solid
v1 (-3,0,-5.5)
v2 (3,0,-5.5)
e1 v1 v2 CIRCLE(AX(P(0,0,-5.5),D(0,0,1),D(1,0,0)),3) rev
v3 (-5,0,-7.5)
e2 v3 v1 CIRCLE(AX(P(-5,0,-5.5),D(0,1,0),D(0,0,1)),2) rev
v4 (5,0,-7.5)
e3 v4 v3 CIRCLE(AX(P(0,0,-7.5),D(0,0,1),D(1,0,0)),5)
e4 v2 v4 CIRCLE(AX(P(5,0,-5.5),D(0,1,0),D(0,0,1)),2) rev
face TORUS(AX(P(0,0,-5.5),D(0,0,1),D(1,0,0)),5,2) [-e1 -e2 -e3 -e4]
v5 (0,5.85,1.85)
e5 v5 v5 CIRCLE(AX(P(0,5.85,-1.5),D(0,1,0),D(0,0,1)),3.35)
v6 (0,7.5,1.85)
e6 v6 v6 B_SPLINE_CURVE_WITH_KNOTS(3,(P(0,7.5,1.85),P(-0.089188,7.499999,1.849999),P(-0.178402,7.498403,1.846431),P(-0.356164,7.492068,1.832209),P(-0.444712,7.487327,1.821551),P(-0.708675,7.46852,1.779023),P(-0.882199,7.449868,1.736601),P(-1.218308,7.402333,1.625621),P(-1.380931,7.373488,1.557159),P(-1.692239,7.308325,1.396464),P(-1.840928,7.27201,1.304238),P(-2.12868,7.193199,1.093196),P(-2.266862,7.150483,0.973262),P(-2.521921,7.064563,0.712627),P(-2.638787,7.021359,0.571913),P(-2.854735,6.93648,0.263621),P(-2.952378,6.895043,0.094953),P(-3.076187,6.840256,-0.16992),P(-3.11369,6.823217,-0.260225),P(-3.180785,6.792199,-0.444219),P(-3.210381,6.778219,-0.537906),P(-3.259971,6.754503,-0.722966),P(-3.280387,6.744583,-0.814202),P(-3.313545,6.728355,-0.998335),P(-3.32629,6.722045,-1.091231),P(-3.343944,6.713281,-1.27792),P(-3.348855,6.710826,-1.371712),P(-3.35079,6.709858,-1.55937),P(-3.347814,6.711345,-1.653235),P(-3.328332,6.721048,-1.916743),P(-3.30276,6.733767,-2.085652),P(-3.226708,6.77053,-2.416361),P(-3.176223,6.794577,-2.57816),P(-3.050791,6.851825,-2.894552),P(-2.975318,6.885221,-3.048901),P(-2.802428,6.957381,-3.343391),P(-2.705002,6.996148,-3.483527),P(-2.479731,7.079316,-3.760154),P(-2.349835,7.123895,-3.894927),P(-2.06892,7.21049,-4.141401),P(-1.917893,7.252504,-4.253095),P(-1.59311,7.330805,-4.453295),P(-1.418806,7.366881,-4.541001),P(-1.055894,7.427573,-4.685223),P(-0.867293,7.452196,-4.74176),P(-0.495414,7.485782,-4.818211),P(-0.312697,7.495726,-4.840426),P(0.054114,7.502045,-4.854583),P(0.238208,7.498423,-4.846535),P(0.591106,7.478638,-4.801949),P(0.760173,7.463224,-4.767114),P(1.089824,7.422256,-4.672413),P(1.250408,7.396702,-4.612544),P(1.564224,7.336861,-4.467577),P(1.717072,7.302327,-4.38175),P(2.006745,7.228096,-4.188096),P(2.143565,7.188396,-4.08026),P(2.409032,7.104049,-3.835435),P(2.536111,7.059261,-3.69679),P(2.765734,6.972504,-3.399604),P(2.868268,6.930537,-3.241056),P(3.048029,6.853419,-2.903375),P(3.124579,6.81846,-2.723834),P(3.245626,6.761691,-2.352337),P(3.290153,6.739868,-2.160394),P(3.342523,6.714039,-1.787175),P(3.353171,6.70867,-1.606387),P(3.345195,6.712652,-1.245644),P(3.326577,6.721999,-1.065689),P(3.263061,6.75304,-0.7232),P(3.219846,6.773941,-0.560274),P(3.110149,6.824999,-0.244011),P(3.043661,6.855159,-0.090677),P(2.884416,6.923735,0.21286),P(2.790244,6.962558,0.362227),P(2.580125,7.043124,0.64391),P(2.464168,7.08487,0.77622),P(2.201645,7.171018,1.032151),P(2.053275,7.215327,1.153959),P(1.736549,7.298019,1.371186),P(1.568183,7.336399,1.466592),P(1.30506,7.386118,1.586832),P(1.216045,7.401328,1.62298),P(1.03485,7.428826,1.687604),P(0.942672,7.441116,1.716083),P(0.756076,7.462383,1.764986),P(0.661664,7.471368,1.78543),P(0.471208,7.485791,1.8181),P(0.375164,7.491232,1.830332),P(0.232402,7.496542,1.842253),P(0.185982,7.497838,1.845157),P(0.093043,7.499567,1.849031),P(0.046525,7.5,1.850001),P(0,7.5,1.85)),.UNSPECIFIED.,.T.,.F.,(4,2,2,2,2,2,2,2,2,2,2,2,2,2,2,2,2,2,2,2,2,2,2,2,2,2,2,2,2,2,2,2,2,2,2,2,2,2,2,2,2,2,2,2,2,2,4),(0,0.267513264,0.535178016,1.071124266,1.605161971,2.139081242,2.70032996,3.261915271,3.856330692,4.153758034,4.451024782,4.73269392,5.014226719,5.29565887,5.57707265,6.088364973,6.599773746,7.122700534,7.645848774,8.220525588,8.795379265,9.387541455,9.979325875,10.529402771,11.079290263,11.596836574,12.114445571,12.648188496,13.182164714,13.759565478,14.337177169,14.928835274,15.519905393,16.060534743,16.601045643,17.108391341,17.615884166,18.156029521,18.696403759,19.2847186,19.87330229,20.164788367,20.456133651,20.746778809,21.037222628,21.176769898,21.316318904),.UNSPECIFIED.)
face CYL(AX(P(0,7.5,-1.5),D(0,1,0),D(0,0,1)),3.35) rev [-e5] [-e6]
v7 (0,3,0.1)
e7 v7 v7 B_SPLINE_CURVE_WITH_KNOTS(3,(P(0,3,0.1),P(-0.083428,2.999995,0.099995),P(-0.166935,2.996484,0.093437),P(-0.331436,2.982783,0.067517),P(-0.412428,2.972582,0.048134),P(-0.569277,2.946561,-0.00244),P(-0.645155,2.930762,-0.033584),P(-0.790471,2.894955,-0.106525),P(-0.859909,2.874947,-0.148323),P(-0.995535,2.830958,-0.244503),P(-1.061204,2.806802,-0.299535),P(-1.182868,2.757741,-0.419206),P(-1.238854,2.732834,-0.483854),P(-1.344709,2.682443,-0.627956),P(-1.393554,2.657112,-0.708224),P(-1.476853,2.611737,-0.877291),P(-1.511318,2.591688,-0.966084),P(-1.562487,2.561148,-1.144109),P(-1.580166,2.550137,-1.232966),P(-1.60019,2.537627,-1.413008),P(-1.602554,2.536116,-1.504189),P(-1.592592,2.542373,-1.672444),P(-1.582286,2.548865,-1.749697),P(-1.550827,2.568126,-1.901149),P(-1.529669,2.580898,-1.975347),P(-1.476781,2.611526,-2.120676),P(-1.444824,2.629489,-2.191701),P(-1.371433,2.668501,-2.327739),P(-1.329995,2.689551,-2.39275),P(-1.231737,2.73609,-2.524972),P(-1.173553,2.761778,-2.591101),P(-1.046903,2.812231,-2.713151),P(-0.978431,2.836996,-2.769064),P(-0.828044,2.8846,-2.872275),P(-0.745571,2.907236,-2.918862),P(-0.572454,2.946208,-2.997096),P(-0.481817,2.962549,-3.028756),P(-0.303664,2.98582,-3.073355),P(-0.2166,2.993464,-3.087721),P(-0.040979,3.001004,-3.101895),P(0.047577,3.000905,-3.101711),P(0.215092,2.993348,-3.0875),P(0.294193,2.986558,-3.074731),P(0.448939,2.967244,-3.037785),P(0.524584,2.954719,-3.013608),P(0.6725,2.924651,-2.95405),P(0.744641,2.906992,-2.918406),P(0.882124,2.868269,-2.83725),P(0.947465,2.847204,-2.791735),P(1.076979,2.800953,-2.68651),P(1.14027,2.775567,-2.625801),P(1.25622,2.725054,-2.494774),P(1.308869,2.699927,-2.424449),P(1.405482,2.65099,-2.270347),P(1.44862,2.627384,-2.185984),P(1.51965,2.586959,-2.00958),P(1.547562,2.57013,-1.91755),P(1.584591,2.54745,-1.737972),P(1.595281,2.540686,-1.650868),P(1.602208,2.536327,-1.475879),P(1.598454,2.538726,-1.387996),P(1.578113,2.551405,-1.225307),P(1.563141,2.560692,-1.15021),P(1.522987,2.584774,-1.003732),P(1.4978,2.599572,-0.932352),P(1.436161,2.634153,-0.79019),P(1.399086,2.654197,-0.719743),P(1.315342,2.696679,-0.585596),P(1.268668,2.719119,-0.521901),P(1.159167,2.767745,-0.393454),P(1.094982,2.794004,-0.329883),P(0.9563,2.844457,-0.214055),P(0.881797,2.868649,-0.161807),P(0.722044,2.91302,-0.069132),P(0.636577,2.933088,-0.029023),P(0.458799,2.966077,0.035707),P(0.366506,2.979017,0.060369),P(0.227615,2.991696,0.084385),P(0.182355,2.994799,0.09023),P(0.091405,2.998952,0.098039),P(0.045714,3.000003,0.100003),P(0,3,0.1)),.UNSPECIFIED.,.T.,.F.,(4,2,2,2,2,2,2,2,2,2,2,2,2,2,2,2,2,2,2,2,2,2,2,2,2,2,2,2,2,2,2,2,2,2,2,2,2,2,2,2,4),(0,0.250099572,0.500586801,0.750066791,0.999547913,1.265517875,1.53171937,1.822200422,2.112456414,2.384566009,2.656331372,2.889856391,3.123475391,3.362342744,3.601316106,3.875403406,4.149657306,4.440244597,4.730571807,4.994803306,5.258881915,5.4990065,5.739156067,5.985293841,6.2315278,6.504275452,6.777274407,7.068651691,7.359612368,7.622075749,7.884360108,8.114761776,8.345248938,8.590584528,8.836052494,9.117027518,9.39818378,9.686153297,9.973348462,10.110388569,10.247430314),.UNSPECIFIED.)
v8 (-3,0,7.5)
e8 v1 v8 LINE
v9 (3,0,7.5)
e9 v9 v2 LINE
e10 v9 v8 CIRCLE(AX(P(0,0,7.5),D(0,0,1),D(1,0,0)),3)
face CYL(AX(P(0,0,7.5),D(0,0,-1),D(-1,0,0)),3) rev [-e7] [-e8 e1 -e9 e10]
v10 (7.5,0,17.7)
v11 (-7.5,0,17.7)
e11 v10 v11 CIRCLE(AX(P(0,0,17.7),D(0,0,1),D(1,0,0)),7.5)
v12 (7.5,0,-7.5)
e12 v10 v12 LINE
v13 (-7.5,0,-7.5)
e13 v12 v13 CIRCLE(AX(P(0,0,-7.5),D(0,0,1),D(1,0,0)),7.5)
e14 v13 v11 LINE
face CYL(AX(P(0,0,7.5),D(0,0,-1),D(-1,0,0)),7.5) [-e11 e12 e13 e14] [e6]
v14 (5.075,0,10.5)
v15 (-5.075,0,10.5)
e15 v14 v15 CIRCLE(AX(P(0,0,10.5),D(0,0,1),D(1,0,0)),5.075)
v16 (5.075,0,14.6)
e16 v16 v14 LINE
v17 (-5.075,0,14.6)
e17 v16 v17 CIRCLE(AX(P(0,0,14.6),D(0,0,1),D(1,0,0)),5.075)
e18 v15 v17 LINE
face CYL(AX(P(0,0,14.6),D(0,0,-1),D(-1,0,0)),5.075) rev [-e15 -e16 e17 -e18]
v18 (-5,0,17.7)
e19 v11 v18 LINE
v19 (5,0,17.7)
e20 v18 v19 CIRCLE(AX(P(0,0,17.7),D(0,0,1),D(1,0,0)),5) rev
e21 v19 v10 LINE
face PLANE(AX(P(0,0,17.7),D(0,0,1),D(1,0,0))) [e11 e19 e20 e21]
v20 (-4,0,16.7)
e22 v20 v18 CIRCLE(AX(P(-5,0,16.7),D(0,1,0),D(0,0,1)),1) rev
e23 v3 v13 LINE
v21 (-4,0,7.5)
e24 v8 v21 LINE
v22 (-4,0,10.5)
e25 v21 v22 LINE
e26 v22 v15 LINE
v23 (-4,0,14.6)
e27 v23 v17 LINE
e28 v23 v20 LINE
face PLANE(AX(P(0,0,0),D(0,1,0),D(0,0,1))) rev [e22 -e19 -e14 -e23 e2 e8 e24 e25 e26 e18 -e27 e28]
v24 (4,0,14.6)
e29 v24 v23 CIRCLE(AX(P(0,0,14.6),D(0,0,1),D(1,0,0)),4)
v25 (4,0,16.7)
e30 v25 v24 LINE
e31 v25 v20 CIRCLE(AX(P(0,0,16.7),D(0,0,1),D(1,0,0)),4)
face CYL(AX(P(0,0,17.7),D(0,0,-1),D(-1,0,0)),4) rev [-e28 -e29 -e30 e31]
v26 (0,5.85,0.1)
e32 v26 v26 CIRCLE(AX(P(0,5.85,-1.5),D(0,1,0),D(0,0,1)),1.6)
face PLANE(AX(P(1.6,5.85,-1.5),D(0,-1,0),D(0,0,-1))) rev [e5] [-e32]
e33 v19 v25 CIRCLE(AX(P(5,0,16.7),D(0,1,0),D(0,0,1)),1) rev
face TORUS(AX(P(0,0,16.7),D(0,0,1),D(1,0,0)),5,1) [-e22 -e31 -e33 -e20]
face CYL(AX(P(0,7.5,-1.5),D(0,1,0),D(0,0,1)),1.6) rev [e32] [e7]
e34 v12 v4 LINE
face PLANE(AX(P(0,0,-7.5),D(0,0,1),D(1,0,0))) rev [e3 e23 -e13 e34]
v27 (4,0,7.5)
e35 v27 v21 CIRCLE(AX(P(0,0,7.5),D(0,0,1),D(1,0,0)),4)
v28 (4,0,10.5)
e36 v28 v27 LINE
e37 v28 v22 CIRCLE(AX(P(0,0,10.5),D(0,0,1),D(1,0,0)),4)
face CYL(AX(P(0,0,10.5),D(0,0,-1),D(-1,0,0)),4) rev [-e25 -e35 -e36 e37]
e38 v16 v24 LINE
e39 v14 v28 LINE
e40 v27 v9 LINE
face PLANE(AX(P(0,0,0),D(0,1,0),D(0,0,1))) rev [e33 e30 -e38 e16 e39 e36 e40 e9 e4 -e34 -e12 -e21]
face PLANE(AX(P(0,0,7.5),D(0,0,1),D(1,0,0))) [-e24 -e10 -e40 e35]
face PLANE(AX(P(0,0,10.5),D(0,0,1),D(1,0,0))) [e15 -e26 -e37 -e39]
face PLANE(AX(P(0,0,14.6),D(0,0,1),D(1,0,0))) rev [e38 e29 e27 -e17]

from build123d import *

# Parameters (mm, degrees)
SKETCH1_R                       = 7.5
SKETCH1_R_2                     = 3
BOSS_EXTRUDE1_DEPTH             = 7.5
SKETCH2_R                       = 7.5
SKETCH2_R_2                     = 3
BOSS_EXTRUDE2_DEPTH             = 1
SKETCH3_R                       = 7.5
SKETCH3_R_2                     = 4
BOSS_EXTRUDE3_DEPTH             = 3
SKETCH4_R                       = 7.5
SKETCH4_R_2                     = 5.075
BOSS_EXTRUDE4_DEPTH             = 4.1
SKETCH5_R                       = 7.5
SKETCH5_R_2                     = 4
BOSS_EXTRUDE5_DEPTH             = 3.1
CBORE_FOR_M3_SBHCS1_D           = 3.2
CBORE_FOR_M3_SBHCS1_DEPTH       = 10
CBORE_FOR_M3_SBHCS1_CBORE_D     = 6.7
CBORE_FOR_M3_SBHCS1_CBORE_DEPTH = 1.65
CBORE_FOR_M3_SBHCS1_TIP         = 0.96137699
SKETCH9_W                       = 15
SKETCH9_H                       = 25.2
CUT_EXTRUDE2_DEPTH              = 8.5000001
FILLET1_R                       = 1
FILLET2_R                       = 2


with BuildPart() as part:
    # Sketch1 → Boss-Extrude1 (new body, symmetric)
    with BuildSketch(Plane.XY):
        Circle(SKETCH1_R)
        Circle(SKETCH1_R_2, mode=Mode.SUBTRACT)
    extrude(amount=BOSS_EXTRUDE1_DEPTH, both=True)

    # Sketch2 → Boss-Extrude2 (add)
    with BuildSketch(Plane.XY.offset(7.5)):
        Circle(SKETCH2_R)
        Circle(SKETCH2_R_2, mode=Mode.SUBTRACT)
    extrude(amount=-BOSS_EXTRUDE2_DEPTH)

    # Sketch3 → Boss-Extrude3 (add)
    with BuildSketch(Plane.XY.offset(7.5)):
        Circle(SKETCH3_R)
        Circle(SKETCH3_R_2, mode=Mode.SUBTRACT)
    extrude(amount=BOSS_EXTRUDE3_DEPTH)

    # Sketch4 → Boss-Extrude4 (add)
    with BuildSketch(Plane.XY.offset(10.5)):
        Circle(SKETCH4_R)
        Circle(SKETCH4_R_2, mode=Mode.SUBTRACT)
    extrude(amount=BOSS_EXTRUDE4_DEPTH)

    # Sketch5 → Boss-Extrude5 (add)
    with BuildSketch(Plane.XY.offset(14.6)):
        Circle(SKETCH5_R)
        Circle(SKETCH5_R_2, mode=Mode.SUBTRACT)
    extrude(amount=BOSS_EXTRUDE5_DEPTH)

    # CBORE for M3 SBHCS1
    with Locations(Plane(origin=(0, 7.5, 0), x_dir=(1, 0, 0), z_dir=(0, 1, 0))):
        with Locations((0, 1.5)):
            CounterBoreHole(CBORE_FOR_M3_SBHCS1_D / 2, CBORE_FOR_M3_SBHCS1_CBORE_D / 2, CBORE_FOR_M3_SBHCS1_CBORE_DEPTH, depth=CBORE_FOR_M3_SBHCS1_DEPTH)
            with Locations((0, 0, -(CBORE_FOR_M3_SBHCS1_DEPTH + CBORE_FOR_M3_SBHCS1_TIP / 2))):  # 118° drill point
                Cone(0, CBORE_FOR_M3_SBHCS1_D / 2, CBORE_FOR_M3_SBHCS1_TIP, mode=Mode.SUBTRACT)

    # Sketch9 → Cut-Extrude2 (cut, through all)
    with BuildSketch(Plane(origin=(0, 0, 0), x_dir=(1, 0, 0), z_dir=(0, 1, 0))):
        with Locations((0, -5.1)):
            Rectangle(SKETCH9_W, SKETCH9_H)
    extrude(amount=-CUT_EXTRUDE2_DEPTH, mode=Mode.SUBTRACT)

    # Fillet1
    fillet1_edges = [part.edges().sort_by_distance(p)[0] for p in [
        (0, 4, 17.7),
    ]]
    fillet(fillet1_edges, radius=FILLET1_R)

    # Fillet2
    fillet2_edges = [part.edges().sort_by_distance(p)[0] for p in [
        (0, 3, -7.5),
    ]]
    fillet(fillet2_edges, radius=FILLET2_R)


solid = part.part
